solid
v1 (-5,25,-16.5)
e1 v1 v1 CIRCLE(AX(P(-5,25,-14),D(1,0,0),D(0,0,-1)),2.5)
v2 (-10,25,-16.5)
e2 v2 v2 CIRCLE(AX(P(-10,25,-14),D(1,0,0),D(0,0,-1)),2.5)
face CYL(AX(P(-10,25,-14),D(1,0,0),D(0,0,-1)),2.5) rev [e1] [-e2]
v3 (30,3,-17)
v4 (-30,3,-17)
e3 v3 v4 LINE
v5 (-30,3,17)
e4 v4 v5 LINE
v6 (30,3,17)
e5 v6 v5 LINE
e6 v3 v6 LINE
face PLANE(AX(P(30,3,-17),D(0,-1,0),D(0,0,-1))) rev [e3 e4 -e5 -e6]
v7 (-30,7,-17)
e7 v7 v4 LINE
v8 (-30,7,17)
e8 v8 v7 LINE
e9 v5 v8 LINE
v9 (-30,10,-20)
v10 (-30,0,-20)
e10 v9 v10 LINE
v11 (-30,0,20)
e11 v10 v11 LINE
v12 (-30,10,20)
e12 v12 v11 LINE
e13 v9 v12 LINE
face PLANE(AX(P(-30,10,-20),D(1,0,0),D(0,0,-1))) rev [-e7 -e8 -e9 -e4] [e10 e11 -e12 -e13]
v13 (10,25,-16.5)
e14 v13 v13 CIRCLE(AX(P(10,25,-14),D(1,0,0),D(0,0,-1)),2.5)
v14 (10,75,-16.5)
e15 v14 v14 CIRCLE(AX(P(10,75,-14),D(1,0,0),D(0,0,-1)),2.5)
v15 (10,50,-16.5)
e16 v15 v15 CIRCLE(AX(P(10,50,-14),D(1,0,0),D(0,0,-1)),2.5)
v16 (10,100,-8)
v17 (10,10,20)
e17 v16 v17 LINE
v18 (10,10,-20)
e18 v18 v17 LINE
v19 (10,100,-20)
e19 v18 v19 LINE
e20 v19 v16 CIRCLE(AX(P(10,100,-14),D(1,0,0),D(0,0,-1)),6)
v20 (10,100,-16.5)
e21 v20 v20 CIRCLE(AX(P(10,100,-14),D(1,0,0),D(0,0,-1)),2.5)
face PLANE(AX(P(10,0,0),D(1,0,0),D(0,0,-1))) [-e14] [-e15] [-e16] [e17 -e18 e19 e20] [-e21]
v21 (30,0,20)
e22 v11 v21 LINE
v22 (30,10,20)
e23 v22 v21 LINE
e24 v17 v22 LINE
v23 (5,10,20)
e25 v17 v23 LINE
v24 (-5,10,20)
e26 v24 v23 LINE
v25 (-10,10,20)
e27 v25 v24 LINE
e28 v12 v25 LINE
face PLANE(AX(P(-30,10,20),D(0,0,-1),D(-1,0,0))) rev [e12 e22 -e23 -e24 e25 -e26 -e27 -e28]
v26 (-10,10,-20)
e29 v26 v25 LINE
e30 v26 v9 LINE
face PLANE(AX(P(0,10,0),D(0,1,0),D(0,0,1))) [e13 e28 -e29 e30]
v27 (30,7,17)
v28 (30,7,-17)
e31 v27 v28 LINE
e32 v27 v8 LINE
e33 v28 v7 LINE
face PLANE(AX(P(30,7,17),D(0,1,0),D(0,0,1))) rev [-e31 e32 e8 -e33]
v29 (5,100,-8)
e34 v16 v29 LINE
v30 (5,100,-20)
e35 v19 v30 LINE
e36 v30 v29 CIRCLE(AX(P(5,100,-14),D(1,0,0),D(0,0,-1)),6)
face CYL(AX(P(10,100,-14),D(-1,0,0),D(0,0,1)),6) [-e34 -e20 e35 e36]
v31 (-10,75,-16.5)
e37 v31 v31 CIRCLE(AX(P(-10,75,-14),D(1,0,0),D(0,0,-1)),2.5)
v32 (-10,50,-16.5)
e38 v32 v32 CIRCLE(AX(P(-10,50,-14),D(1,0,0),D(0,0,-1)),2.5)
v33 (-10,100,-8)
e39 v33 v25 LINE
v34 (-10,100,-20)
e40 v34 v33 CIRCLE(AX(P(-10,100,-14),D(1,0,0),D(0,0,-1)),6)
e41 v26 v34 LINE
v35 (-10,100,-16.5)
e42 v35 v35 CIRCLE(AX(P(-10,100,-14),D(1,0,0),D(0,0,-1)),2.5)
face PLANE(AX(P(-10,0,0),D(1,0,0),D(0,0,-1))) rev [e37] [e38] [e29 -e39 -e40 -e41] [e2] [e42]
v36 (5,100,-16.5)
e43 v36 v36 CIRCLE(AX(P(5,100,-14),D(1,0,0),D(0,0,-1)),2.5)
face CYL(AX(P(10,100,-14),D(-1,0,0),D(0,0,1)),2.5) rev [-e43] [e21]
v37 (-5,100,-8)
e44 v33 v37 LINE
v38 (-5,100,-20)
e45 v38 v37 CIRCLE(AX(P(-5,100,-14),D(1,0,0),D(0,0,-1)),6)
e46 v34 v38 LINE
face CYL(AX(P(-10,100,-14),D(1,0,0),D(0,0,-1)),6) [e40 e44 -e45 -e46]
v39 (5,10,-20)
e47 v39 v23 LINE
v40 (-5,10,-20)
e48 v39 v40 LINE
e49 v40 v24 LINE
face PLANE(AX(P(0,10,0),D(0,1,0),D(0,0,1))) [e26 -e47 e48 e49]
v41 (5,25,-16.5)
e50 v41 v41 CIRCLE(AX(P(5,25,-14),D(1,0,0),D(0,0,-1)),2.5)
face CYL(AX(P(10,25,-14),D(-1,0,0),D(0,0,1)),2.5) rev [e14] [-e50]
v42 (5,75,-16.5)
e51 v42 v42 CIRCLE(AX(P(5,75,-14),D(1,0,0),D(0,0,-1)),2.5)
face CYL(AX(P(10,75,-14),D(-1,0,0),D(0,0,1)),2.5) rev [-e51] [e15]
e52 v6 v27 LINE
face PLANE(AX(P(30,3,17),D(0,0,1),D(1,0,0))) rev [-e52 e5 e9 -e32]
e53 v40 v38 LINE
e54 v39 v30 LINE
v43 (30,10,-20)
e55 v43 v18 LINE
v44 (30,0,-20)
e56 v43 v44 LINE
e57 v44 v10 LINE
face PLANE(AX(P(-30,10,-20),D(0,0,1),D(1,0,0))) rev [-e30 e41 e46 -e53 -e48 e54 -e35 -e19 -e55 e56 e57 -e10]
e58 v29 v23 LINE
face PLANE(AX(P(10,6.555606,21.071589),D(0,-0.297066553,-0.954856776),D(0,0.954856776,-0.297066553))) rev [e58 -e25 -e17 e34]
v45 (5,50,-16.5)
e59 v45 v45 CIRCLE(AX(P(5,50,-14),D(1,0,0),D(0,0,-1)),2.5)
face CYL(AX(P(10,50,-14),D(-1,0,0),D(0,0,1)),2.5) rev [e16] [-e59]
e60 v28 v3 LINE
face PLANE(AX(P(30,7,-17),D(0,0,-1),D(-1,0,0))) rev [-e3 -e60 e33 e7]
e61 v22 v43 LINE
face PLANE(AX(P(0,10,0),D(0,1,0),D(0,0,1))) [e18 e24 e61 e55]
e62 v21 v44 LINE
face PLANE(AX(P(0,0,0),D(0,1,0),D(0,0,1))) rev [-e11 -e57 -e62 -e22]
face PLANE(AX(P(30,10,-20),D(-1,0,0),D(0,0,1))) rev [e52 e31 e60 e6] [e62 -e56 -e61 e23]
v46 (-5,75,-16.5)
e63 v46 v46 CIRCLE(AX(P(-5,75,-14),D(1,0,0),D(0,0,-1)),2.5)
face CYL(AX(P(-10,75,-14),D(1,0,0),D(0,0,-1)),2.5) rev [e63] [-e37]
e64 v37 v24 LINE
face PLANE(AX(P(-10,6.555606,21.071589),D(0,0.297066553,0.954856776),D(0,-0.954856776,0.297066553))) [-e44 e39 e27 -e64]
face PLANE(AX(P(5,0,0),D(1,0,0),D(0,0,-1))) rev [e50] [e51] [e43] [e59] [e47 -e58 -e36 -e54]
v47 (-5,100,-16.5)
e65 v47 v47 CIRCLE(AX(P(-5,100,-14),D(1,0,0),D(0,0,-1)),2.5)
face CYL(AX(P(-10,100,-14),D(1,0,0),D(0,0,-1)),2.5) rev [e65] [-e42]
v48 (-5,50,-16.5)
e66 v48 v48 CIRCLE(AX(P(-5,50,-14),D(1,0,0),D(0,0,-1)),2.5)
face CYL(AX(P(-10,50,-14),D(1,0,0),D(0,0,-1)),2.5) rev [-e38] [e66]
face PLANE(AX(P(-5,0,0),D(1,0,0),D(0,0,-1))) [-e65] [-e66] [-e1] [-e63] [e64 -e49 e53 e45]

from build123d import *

# Parameters (mm, degrees)
SKETCH1_W           = 60
SKETCH1_H           = 40
BOSS_EXTRUDE1_DEPTH = 10
BOSS_EXTRUDE2_START = 5
SKETCH2_R           = 2.5
BOSS_EXTRUDE2_DEPTH = 5
BOSS_EXTRUDE3_START = -10
SKETCH2_3_R         = 2.5
BOSS_EXTRUDE3_DEPTH = 5
SKETCH3_W           = 34
SKETCH3_H           = 4
CUT_EXTRUDE1_DEPTH  = 124.434192994


with BuildPart() as part:
    # Sketch1 → Boss-Extrude1 (new body)
    with BuildSketch(Plane(origin=(0, 0, 0), x_dir=(1, 0, 0), z_dir=(0, 1, 0))):
        Rectangle(SKETCH1_W, SKETCH1_H)
    extrude(amount=BOSS_EXTRUDE1_DEPTH)

    # Sketch2 → Boss-Extrude2 (add)
    with BuildSketch(Plane(origin=(0, 0, 0), x_dir=(0, 0, -1), z_dir=(1, 0, 0)).offset(BOSS_EXTRUDE2_START)):
        with BuildLine():
            Line((20, 10), (20, 100))
            ThreePointArc((20, 100), (14, 106), (8, 100))
            Line((8, 100), (-20, 10))
            Line((-20, 10), (20, 10))
        make_face()
        with Locations((14, 25)):
            Circle(SKETCH2_R, mode=Mode.SUBTRACT)
        with Locations((14, 50)):
            Circle(SKETCH2_R, mode=Mode.SUBTRACT)
        with Locations((14, 75)):
            Circle(SKETCH2_R, mode=Mode.SUBTRACT)
        with Locations((14, 100)):
            Circle(SKETCH2_R, mode=Mode.SUBTRACT)
    extrude(amount=BOSS_EXTRUDE2_DEPTH)

    # Sketch2<3> → Boss-Extrude3 (add)
    with BuildSketch(Plane(origin=(0, 0, 0), x_dir=(0, 0, -1), z_dir=(1, 0, 0)).offset(BOSS_EXTRUDE3_START)):
        with BuildLine():
            Line((20, 10), (20, 100))
            ThreePointArc((20, 100), (14, 106), (8, 100))
            Line((8, 100), (-20, 10))
            Line((-20, 10), (20, 10))
        make_face()
        with Locations((14, 25)):
            Circle(SKETCH2_3_R, mode=Mode.SUBTRACT)
        with Locations((14, 50)):
            Circle(SKETCH2_3_R, mode=Mode.SUBTRACT)
        with Locations((14, 75)):
            Circle(SKETCH2_3_R, mode=Mode.SUBTRACT)
        with Locations((14, 100)):
            Circle(SKETCH2_3_R, mode=Mode.SUBTRACT)
    extrude(amount=BOSS_EXTRUDE3_DEPTH)

    # Sketch3 → Cut-Extrude1 (cut, through all)
    with BuildSketch(Plane.ZY.offset(30)):
        with Locations((0, 5)):
            Rectangle(SKETCH3_W, SKETCH3_H)
    extrude(amount=-CUT_EXTRUDE1_DEPTH, mode=Mode.SUBTRACT)


solid = part.part
